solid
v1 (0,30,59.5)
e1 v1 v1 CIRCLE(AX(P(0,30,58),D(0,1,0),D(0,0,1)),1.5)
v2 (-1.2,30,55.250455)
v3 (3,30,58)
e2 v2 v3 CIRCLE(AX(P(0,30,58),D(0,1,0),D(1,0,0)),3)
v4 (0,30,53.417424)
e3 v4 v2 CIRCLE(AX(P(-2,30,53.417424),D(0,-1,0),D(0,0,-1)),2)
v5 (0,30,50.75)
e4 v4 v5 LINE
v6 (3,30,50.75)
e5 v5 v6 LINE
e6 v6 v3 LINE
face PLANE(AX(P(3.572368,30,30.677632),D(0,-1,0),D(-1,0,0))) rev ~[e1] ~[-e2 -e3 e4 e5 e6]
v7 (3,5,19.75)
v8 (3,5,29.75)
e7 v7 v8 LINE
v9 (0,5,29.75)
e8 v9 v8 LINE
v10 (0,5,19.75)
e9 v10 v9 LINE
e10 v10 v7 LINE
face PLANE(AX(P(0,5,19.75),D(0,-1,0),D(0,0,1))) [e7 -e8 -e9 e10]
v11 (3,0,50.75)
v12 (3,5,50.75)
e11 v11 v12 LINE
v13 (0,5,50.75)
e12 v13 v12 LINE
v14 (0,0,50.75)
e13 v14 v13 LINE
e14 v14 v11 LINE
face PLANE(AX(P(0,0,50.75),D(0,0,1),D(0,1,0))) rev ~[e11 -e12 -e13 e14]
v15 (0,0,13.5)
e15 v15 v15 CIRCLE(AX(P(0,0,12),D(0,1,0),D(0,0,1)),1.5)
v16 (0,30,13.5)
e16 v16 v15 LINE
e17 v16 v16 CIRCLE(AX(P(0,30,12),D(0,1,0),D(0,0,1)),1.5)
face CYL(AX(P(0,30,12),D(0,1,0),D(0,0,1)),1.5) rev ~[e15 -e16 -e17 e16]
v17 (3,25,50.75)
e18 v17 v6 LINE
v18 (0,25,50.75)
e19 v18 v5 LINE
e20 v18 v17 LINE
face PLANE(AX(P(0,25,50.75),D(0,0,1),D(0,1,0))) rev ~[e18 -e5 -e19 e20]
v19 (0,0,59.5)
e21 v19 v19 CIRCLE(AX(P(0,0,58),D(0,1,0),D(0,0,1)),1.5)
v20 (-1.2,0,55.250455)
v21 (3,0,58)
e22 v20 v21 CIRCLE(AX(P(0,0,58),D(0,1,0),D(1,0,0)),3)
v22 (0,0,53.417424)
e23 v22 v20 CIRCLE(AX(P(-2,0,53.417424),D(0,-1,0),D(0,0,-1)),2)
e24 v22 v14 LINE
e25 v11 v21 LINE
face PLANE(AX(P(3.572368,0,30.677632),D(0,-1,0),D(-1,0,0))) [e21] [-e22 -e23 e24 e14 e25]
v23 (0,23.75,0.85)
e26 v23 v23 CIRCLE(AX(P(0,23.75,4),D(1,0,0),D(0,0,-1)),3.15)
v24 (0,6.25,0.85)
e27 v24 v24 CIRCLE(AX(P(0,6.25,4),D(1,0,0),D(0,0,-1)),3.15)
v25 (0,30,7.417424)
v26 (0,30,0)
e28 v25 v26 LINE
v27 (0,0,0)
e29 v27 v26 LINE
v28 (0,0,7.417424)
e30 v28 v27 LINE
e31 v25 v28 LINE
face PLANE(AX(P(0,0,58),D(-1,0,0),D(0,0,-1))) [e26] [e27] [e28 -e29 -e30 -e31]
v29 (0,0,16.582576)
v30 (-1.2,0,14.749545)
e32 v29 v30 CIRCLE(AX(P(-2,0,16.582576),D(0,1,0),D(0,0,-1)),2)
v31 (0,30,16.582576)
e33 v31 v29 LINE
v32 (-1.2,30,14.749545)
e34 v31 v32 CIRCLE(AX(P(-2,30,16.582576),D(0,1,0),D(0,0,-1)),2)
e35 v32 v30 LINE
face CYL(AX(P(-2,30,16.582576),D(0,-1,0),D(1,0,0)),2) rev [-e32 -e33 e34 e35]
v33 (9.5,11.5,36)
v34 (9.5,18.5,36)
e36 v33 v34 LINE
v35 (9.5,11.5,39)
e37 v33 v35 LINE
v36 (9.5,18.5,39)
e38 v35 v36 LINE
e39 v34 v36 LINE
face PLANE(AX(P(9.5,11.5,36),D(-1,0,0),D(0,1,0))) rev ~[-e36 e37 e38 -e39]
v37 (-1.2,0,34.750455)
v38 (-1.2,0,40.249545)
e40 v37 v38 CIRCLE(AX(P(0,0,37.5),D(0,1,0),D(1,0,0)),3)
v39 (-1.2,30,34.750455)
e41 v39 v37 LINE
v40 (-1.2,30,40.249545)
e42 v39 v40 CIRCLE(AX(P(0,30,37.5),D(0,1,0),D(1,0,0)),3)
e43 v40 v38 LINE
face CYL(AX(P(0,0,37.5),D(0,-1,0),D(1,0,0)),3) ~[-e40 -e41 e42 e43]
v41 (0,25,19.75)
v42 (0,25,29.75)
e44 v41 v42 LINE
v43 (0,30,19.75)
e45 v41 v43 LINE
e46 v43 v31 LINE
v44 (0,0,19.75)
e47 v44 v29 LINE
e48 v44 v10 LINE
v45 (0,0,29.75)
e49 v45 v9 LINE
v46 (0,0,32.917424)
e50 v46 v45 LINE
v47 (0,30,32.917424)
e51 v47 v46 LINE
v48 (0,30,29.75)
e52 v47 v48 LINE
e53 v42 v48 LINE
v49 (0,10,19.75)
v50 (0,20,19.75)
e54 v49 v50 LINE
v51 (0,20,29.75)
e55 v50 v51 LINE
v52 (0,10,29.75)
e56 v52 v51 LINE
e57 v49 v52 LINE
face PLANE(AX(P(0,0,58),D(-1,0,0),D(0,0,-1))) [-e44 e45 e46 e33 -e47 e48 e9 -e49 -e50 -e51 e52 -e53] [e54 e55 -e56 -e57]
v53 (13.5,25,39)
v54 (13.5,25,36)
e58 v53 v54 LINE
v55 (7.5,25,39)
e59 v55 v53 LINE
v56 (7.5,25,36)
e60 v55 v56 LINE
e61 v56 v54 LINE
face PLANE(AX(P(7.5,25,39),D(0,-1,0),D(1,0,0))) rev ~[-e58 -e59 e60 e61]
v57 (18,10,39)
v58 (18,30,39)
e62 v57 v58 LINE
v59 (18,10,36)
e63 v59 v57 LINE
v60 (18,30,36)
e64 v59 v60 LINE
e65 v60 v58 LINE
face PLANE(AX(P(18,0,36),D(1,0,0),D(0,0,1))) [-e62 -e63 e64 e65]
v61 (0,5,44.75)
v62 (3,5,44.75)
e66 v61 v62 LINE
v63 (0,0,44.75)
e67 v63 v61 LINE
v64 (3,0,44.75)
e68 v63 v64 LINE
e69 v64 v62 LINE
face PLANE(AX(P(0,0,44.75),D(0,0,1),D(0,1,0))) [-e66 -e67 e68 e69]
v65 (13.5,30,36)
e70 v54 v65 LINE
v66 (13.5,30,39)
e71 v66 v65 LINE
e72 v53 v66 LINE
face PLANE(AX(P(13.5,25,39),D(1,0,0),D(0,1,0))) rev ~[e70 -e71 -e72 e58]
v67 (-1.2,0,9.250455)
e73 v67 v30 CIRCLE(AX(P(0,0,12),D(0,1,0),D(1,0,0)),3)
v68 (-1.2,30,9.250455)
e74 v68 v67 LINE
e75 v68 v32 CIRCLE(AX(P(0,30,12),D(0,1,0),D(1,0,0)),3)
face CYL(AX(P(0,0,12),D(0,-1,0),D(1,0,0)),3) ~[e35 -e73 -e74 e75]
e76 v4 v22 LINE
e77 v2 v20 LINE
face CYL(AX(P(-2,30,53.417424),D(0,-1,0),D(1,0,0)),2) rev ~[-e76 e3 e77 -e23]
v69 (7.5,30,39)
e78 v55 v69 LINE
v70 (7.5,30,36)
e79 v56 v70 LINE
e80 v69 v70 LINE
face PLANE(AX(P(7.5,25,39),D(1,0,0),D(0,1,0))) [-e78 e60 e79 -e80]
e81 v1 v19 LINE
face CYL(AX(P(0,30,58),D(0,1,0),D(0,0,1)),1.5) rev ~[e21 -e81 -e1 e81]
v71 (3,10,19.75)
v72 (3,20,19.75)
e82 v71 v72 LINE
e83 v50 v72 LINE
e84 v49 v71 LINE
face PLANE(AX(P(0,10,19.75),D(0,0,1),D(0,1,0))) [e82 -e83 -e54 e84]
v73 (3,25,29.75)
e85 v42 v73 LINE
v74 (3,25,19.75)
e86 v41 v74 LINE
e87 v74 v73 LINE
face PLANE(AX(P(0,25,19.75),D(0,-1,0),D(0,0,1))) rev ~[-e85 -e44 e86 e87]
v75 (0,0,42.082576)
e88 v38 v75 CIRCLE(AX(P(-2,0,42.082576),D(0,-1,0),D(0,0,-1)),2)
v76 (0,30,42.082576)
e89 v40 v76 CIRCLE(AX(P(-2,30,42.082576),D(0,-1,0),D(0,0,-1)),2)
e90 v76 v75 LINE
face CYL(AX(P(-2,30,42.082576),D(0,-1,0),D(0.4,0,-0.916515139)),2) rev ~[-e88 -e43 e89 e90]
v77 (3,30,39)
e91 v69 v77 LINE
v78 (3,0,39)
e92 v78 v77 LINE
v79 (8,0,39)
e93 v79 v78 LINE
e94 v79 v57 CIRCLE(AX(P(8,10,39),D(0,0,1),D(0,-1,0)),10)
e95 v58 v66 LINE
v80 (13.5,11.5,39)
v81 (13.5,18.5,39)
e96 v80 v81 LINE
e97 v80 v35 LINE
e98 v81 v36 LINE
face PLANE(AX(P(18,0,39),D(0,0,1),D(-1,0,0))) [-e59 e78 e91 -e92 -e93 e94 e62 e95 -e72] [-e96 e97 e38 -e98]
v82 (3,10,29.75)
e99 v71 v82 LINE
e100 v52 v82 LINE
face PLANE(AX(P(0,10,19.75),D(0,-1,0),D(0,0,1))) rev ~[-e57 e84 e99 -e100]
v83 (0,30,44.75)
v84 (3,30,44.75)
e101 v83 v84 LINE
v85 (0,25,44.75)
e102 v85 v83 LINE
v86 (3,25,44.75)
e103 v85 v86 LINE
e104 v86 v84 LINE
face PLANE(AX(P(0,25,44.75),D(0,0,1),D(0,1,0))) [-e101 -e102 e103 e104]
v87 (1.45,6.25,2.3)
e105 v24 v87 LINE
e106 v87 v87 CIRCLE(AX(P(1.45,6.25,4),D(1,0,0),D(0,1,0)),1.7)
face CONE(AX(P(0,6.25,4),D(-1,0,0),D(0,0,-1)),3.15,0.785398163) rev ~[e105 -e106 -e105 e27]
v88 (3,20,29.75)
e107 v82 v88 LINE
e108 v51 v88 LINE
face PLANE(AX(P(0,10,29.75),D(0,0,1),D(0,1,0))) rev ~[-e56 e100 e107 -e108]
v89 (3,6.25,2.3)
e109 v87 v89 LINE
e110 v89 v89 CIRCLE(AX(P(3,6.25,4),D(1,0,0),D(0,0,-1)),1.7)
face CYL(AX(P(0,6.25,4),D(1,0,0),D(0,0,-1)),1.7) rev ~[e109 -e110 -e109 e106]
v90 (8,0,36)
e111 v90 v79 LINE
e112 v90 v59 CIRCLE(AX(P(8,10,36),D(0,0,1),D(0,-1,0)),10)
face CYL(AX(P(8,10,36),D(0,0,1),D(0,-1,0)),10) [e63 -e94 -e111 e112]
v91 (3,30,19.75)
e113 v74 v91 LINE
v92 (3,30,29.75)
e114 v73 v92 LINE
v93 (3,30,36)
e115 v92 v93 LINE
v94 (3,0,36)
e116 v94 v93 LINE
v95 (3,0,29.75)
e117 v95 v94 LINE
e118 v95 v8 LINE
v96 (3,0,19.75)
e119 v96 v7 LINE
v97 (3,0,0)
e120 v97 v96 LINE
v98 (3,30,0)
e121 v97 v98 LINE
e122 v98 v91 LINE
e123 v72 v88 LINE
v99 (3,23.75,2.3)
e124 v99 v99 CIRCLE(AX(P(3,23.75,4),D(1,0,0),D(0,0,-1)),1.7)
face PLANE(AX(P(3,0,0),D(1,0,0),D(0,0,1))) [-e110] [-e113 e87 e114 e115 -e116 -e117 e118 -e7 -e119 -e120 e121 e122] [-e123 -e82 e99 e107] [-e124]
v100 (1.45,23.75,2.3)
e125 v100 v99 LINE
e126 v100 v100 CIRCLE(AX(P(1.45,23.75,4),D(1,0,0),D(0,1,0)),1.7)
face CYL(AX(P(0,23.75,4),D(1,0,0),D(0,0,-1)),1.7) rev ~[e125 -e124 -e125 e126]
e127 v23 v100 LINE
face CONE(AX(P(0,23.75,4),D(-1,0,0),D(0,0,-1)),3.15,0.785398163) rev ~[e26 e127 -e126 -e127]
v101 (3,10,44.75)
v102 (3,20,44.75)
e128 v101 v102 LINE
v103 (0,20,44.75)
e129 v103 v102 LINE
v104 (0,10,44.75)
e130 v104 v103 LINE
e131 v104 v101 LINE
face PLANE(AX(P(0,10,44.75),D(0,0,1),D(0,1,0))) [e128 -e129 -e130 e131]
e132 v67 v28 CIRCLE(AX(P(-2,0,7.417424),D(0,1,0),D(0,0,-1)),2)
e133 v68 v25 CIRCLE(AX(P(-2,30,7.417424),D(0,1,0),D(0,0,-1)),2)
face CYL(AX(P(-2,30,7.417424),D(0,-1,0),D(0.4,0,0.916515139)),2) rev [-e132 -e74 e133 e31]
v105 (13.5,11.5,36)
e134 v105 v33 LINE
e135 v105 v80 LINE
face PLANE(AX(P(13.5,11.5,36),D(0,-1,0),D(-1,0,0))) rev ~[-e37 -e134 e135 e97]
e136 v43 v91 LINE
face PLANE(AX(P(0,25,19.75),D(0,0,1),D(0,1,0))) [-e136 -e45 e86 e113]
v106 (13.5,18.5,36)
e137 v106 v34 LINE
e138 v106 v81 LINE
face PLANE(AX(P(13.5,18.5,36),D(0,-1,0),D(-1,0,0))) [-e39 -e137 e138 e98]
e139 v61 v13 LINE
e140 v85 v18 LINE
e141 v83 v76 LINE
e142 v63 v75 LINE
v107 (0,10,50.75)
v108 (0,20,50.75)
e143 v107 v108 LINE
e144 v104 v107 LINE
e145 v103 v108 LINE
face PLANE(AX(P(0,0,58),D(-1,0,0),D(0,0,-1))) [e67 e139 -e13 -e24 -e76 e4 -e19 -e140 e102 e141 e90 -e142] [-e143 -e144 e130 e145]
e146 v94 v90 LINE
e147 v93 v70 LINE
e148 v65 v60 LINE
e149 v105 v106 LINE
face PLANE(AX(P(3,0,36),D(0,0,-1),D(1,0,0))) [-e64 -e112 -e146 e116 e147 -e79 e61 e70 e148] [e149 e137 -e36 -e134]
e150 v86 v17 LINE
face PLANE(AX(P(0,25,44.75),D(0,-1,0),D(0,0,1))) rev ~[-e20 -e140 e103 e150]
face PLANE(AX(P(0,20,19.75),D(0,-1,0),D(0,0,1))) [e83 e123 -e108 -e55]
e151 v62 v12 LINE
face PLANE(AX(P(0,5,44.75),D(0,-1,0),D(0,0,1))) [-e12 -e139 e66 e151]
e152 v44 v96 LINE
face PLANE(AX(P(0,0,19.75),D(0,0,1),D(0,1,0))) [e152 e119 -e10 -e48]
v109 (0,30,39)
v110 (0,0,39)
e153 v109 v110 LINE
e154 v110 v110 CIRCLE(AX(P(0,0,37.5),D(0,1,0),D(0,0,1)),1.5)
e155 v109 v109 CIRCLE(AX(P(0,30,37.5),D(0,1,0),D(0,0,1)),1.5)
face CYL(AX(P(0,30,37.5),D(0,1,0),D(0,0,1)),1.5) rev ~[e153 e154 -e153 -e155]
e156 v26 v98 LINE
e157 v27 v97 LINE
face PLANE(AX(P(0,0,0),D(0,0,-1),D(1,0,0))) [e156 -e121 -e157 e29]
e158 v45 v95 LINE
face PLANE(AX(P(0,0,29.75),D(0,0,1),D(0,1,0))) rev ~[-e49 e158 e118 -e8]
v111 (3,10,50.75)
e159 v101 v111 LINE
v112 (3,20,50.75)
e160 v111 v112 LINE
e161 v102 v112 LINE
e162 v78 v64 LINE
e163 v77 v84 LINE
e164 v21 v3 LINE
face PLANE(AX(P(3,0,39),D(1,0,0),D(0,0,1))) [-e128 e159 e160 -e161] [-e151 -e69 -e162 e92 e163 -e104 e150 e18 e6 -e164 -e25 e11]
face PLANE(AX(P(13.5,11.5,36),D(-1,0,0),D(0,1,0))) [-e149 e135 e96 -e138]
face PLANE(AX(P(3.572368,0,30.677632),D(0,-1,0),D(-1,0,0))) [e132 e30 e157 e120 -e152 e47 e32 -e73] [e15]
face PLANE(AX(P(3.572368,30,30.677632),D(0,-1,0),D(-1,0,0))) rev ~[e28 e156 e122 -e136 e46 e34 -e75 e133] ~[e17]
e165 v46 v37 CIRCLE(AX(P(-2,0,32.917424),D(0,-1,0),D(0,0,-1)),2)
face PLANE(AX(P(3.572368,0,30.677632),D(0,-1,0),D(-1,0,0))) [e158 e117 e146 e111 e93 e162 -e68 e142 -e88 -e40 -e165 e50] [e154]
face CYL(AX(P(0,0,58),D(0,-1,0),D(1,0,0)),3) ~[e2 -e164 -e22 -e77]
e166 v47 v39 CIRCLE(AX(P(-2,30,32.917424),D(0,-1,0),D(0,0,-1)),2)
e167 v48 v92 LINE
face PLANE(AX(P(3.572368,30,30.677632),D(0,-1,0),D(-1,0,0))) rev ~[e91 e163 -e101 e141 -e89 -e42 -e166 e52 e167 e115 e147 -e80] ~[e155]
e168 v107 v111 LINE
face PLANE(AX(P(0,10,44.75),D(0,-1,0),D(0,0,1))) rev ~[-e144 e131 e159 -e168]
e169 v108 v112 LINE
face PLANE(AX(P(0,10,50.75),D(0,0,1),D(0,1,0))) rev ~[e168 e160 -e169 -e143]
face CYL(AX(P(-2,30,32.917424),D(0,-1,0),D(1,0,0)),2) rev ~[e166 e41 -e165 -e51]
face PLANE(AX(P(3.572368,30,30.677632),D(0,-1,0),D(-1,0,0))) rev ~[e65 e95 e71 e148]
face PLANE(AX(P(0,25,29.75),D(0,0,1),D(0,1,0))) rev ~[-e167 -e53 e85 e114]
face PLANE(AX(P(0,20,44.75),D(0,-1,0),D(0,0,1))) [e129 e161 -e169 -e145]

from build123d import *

# Parameters (mm, degrees)
BOSS_EXTRUDE1_DEPTH                                 = 30
CSK_FOR_M3_COUNTERSUNK_FLAT_HEAD_SCREW1_D           = 3.4
CSK_FOR_M3_COUNTERSUNK_FLAT_HEAD_SCREW1_CSINK_D     = 6.3
CSK_FOR_M3_COUNTERSUNK_FLAT_HEAD_SCREW1_CSINK_ANGLE = 90
SKETCH4_R                                           = 3
BOSS_EXTRUDE2_DEPTH                                 = 30
SKETCH5_R                                           = 1.5
CUT_EXTRUDE1_DEPTH                                  = 71.320693967
CUT_EXTRUDE2_REACH                                  = 52.2
SKETCH7_W                                           = 4
SKETCH7_H                                           = 7
CUT_EXTRUDE3_REACH                                  = 72.321
SKETCH10_W                                          = 10
SKETCH10_H                                          = 5
SKETCH10_W_2                                        = 6
SKETCH10_H_2                                        = 10
CUT_EXTRUDE4_REACH                                  = 54.393
SKETCH11_W                                          = 6
SKETCH11_H                                          = 5
FILLET1_R                                           = 2
FILLET2_R                                           = 10


with BuildPart() as part:
    # Sketch1 → Boss-Extrude1 (new body)
    with BuildSketch(Plane(origin=(0, 0, 0), x_dir=(1, 0, 0), z_dir=(0, 1, 0))):
        Polygon((0, -58), (0, 0), (3, 0), (3, -36), (18, -36), (18, -39), (3, -39), (3, -58), align=None)
    extrude(amount=BOSS_EXTRUDE1_DEPTH)

    # CSK for M3 Countersunk Flat Head Screw1 (through all)
    with Locations(Plane.ZY):
        with Locations((4, 23.75), (4, 6.25)):
            CounterSinkHole(CSK_FOR_M3_COUNTERSUNK_FLAT_HEAD_SCREW1_D / 2, CSK_FOR_M3_COUNTERSUNK_FLAT_HEAD_SCREW1_CSINK_D / 2, counter_sink_angle=CSK_FOR_M3_COUNTERSUNK_FLAT_HEAD_SCREW1_CSINK_ANGLE)

    # Sketch4 → Boss-Extrude2 (add)
    with BuildSketch(Plane(origin=(0, 0, 0), x_dir=(1, 0, 0), z_dir=(0, 1, 0))):
        with Locations((0, -12)):
            Circle(SKETCH4_R)
        with Locations((0, -37.5)):
            Circle(SKETCH4_R)
        with Locations((0, -58)):
            Circle(SKETCH4_R)
    extrude(amount=BOSS_EXTRUDE2_DEPTH)

    # Sketch5 → Cut-Extrude1 (cut, through all)
    with BuildSketch(Plane(origin=(0, 30, 0), x_dir=(1, 0, 0), z_dir=(0, 1, 0))):
        with Locations(Location((0, -12, 0), (0, 0, 270))):
            Circle(SKETCH5_R)
        with Locations(Location((0, -37.5, 0), (0, 0, 270))):
            Circle(SKETCH5_R)
        with Locations(Location((0, -58, 0), (0, 0, 270))):
            Circle(SKETCH5_R)
    extrude(amount=-CUT_EXTRUDE1_DEPTH, mode=Mode.SUBTRACT)

    # Sketch7 → Cut-Extrude2 (cut, up to next)
    with BuildSketch(Plane(origin=(0, 0, 36), x_dir=(-1, 0, 0), z_dir=(0, 0, -1)), mode=Mode.PRIVATE) as cut_extrude2_sk1:
        with Locations((-11.5, 15)):
            Rectangle(SKETCH7_W, SKETCH7_H)
    cut_extrude2_tool1 = extrude(cut_extrude2_sk1.sketch, amount=-CUT_EXTRUDE2_REACH, mode=Mode.PRIVATE) & part.part
    add(cut_extrude2_tool1.solids().sort_by_distance((11.5, 15, 36))[0], mode=Mode.SUBTRACT)

    # Sketch10 → Cut-Extrude3 (cut, up to next)
    with BuildSketch(Plane.ZY, mode=Mode.PRIVATE) as cut_extrude3_sk1:
        with Locations((24.75, 27.5)):
            Rectangle(SKETCH10_W, SKETCH10_H)
    cut_extrude3_tool1 = extrude(cut_extrude3_sk1.sketch, amount=-CUT_EXTRUDE3_REACH, mode=Mode.PRIVATE) & part.part
    # Sketch10 → Cut-Extrude3 (cut, up to next)
    with BuildSketch(Plane.ZY, mode=Mode.PRIVATE) as cut_extrude3_sk2:
        with Locations((47.75, 27.5)):
            Rectangle(SKETCH10_W_2, SKETCH10_H)
    cut_extrude3_tool2 = extrude(cut_extrude3_sk2.sketch, amount=-CUT_EXTRUDE3_REACH, mode=Mode.PRIVATE) & part.part
    # Sketch10 → Cut-Extrude3 (cut, up to next)
    with BuildSketch(Plane.ZY, mode=Mode.PRIVATE) as cut_extrude3_sk3:
        with Locations((24.75, 2.5)):
            Rectangle(SKETCH10_W, SKETCH10_H)
    cut_extrude3_tool3 = extrude(cut_extrude3_sk3.sketch, amount=-CUT_EXTRUDE3_REACH, mode=Mode.PRIVATE) & part.part
    # Sketch10 → Cut-Extrude3 (cut, up to next)
    with BuildSketch(Plane.ZY, mode=Mode.PRIVATE) as cut_extrude3_sk4:
        with Locations((47.75, 2.5)):
            Rectangle(SKETCH10_W_2, SKETCH10_H)
    cut_extrude3_tool4 = extrude(cut_extrude3_sk4.sketch, amount=-CUT_EXTRUDE3_REACH, mode=Mode.PRIVATE) & part.part
    # Sketch10 → Cut-Extrude3 (cut, up to next)
    with BuildSketch(Plane.ZY, mode=Mode.PRIVATE) as cut_extrude3_sk5:
        with Locations((24.75, 15)):
            Rectangle(SKETCH10_W, SKETCH10_H_2)
    cut_extrude3_tool5 = extrude(cut_extrude3_sk5.sketch, amount=-CUT_EXTRUDE3_REACH, mode=Mode.PRIVATE) & part.part
    # Sketch10 → Cut-Extrude3 (cut, up to next)
    with BuildSketch(Plane.ZY, mode=Mode.PRIVATE) as cut_extrude3_sk6:
        with Locations((47.75, 15)):
            Rectangle(SKETCH10_W_2, SKETCH10_H_2)
    cut_extrude3_tool6 = extrude(cut_extrude3_sk6.sketch, amount=-CUT_EXTRUDE3_REACH, mode=Mode.PRIVATE) & part.part
    add(cut_extrude3_tool1.solids().sort_by_distance((0, 27.5, 24.75))[0], mode=Mode.SUBTRACT)
    add(cut_extrude3_tool2.solids().sort_by_distance((0, 27.5, 47.75))[0], mode=Mode.SUBTRACT)
    add(cut_extrude3_tool3.solids().sort_by_distance((0, 2.5, 24.75))[0], mode=Mode.SUBTRACT)
    add(cut_extrude3_tool4.solids().sort_by_distance((0, 2.5, 47.75))[0], mode=Mode.SUBTRACT)
    add(cut_extrude3_tool5.solids().sort_by_distance((0, 15, 24.75))[0], mode=Mode.SUBTRACT)
    add(cut_extrude3_tool6.solids().sort_by_distance((0, 15, 47.75))[0], mode=Mode.SUBTRACT)

    # Sketch11 → Cut-Extrude4 (cut, up to next)
    with BuildSketch(Plane.XY.offset(39), mode=Mode.PRIVATE) as cut_extrude4_sk1:
        with Locations((10.5, 27.5)):
            Rectangle(SKETCH11_W, SKETCH11_H)
    cut_extrude4_tool1 = extrude(cut_extrude4_sk1.sketch, amount=-CUT_EXTRUDE4_REACH, mode=Mode.PRIVATE) & part.part
    add(cut_extrude4_tool1.solids().sort_by_distance((10.5, 27.5, 39))[0], mode=Mode.SUBTRACT)

    # Fillet1
    fillet1_edges = [part.edges().sort_by_distance(p)[0] for p in [
        (0, 15, 15),
        (0, 15, 9),
        (0, 15, 40.5),
        (0, 15, 34.5),
        (0, 15, 55),
    ]]
    fillet(fillet1_edges, radius=FILLET1_R)

    # Fillet2
    fillet2_edges = [part.edges().sort_by_distance(p)[0] for p in [
        (18, 0, 37.5),
    ]]
    fillet(fillet2_edges, radius=FILLET2_R)


solid = part.part
